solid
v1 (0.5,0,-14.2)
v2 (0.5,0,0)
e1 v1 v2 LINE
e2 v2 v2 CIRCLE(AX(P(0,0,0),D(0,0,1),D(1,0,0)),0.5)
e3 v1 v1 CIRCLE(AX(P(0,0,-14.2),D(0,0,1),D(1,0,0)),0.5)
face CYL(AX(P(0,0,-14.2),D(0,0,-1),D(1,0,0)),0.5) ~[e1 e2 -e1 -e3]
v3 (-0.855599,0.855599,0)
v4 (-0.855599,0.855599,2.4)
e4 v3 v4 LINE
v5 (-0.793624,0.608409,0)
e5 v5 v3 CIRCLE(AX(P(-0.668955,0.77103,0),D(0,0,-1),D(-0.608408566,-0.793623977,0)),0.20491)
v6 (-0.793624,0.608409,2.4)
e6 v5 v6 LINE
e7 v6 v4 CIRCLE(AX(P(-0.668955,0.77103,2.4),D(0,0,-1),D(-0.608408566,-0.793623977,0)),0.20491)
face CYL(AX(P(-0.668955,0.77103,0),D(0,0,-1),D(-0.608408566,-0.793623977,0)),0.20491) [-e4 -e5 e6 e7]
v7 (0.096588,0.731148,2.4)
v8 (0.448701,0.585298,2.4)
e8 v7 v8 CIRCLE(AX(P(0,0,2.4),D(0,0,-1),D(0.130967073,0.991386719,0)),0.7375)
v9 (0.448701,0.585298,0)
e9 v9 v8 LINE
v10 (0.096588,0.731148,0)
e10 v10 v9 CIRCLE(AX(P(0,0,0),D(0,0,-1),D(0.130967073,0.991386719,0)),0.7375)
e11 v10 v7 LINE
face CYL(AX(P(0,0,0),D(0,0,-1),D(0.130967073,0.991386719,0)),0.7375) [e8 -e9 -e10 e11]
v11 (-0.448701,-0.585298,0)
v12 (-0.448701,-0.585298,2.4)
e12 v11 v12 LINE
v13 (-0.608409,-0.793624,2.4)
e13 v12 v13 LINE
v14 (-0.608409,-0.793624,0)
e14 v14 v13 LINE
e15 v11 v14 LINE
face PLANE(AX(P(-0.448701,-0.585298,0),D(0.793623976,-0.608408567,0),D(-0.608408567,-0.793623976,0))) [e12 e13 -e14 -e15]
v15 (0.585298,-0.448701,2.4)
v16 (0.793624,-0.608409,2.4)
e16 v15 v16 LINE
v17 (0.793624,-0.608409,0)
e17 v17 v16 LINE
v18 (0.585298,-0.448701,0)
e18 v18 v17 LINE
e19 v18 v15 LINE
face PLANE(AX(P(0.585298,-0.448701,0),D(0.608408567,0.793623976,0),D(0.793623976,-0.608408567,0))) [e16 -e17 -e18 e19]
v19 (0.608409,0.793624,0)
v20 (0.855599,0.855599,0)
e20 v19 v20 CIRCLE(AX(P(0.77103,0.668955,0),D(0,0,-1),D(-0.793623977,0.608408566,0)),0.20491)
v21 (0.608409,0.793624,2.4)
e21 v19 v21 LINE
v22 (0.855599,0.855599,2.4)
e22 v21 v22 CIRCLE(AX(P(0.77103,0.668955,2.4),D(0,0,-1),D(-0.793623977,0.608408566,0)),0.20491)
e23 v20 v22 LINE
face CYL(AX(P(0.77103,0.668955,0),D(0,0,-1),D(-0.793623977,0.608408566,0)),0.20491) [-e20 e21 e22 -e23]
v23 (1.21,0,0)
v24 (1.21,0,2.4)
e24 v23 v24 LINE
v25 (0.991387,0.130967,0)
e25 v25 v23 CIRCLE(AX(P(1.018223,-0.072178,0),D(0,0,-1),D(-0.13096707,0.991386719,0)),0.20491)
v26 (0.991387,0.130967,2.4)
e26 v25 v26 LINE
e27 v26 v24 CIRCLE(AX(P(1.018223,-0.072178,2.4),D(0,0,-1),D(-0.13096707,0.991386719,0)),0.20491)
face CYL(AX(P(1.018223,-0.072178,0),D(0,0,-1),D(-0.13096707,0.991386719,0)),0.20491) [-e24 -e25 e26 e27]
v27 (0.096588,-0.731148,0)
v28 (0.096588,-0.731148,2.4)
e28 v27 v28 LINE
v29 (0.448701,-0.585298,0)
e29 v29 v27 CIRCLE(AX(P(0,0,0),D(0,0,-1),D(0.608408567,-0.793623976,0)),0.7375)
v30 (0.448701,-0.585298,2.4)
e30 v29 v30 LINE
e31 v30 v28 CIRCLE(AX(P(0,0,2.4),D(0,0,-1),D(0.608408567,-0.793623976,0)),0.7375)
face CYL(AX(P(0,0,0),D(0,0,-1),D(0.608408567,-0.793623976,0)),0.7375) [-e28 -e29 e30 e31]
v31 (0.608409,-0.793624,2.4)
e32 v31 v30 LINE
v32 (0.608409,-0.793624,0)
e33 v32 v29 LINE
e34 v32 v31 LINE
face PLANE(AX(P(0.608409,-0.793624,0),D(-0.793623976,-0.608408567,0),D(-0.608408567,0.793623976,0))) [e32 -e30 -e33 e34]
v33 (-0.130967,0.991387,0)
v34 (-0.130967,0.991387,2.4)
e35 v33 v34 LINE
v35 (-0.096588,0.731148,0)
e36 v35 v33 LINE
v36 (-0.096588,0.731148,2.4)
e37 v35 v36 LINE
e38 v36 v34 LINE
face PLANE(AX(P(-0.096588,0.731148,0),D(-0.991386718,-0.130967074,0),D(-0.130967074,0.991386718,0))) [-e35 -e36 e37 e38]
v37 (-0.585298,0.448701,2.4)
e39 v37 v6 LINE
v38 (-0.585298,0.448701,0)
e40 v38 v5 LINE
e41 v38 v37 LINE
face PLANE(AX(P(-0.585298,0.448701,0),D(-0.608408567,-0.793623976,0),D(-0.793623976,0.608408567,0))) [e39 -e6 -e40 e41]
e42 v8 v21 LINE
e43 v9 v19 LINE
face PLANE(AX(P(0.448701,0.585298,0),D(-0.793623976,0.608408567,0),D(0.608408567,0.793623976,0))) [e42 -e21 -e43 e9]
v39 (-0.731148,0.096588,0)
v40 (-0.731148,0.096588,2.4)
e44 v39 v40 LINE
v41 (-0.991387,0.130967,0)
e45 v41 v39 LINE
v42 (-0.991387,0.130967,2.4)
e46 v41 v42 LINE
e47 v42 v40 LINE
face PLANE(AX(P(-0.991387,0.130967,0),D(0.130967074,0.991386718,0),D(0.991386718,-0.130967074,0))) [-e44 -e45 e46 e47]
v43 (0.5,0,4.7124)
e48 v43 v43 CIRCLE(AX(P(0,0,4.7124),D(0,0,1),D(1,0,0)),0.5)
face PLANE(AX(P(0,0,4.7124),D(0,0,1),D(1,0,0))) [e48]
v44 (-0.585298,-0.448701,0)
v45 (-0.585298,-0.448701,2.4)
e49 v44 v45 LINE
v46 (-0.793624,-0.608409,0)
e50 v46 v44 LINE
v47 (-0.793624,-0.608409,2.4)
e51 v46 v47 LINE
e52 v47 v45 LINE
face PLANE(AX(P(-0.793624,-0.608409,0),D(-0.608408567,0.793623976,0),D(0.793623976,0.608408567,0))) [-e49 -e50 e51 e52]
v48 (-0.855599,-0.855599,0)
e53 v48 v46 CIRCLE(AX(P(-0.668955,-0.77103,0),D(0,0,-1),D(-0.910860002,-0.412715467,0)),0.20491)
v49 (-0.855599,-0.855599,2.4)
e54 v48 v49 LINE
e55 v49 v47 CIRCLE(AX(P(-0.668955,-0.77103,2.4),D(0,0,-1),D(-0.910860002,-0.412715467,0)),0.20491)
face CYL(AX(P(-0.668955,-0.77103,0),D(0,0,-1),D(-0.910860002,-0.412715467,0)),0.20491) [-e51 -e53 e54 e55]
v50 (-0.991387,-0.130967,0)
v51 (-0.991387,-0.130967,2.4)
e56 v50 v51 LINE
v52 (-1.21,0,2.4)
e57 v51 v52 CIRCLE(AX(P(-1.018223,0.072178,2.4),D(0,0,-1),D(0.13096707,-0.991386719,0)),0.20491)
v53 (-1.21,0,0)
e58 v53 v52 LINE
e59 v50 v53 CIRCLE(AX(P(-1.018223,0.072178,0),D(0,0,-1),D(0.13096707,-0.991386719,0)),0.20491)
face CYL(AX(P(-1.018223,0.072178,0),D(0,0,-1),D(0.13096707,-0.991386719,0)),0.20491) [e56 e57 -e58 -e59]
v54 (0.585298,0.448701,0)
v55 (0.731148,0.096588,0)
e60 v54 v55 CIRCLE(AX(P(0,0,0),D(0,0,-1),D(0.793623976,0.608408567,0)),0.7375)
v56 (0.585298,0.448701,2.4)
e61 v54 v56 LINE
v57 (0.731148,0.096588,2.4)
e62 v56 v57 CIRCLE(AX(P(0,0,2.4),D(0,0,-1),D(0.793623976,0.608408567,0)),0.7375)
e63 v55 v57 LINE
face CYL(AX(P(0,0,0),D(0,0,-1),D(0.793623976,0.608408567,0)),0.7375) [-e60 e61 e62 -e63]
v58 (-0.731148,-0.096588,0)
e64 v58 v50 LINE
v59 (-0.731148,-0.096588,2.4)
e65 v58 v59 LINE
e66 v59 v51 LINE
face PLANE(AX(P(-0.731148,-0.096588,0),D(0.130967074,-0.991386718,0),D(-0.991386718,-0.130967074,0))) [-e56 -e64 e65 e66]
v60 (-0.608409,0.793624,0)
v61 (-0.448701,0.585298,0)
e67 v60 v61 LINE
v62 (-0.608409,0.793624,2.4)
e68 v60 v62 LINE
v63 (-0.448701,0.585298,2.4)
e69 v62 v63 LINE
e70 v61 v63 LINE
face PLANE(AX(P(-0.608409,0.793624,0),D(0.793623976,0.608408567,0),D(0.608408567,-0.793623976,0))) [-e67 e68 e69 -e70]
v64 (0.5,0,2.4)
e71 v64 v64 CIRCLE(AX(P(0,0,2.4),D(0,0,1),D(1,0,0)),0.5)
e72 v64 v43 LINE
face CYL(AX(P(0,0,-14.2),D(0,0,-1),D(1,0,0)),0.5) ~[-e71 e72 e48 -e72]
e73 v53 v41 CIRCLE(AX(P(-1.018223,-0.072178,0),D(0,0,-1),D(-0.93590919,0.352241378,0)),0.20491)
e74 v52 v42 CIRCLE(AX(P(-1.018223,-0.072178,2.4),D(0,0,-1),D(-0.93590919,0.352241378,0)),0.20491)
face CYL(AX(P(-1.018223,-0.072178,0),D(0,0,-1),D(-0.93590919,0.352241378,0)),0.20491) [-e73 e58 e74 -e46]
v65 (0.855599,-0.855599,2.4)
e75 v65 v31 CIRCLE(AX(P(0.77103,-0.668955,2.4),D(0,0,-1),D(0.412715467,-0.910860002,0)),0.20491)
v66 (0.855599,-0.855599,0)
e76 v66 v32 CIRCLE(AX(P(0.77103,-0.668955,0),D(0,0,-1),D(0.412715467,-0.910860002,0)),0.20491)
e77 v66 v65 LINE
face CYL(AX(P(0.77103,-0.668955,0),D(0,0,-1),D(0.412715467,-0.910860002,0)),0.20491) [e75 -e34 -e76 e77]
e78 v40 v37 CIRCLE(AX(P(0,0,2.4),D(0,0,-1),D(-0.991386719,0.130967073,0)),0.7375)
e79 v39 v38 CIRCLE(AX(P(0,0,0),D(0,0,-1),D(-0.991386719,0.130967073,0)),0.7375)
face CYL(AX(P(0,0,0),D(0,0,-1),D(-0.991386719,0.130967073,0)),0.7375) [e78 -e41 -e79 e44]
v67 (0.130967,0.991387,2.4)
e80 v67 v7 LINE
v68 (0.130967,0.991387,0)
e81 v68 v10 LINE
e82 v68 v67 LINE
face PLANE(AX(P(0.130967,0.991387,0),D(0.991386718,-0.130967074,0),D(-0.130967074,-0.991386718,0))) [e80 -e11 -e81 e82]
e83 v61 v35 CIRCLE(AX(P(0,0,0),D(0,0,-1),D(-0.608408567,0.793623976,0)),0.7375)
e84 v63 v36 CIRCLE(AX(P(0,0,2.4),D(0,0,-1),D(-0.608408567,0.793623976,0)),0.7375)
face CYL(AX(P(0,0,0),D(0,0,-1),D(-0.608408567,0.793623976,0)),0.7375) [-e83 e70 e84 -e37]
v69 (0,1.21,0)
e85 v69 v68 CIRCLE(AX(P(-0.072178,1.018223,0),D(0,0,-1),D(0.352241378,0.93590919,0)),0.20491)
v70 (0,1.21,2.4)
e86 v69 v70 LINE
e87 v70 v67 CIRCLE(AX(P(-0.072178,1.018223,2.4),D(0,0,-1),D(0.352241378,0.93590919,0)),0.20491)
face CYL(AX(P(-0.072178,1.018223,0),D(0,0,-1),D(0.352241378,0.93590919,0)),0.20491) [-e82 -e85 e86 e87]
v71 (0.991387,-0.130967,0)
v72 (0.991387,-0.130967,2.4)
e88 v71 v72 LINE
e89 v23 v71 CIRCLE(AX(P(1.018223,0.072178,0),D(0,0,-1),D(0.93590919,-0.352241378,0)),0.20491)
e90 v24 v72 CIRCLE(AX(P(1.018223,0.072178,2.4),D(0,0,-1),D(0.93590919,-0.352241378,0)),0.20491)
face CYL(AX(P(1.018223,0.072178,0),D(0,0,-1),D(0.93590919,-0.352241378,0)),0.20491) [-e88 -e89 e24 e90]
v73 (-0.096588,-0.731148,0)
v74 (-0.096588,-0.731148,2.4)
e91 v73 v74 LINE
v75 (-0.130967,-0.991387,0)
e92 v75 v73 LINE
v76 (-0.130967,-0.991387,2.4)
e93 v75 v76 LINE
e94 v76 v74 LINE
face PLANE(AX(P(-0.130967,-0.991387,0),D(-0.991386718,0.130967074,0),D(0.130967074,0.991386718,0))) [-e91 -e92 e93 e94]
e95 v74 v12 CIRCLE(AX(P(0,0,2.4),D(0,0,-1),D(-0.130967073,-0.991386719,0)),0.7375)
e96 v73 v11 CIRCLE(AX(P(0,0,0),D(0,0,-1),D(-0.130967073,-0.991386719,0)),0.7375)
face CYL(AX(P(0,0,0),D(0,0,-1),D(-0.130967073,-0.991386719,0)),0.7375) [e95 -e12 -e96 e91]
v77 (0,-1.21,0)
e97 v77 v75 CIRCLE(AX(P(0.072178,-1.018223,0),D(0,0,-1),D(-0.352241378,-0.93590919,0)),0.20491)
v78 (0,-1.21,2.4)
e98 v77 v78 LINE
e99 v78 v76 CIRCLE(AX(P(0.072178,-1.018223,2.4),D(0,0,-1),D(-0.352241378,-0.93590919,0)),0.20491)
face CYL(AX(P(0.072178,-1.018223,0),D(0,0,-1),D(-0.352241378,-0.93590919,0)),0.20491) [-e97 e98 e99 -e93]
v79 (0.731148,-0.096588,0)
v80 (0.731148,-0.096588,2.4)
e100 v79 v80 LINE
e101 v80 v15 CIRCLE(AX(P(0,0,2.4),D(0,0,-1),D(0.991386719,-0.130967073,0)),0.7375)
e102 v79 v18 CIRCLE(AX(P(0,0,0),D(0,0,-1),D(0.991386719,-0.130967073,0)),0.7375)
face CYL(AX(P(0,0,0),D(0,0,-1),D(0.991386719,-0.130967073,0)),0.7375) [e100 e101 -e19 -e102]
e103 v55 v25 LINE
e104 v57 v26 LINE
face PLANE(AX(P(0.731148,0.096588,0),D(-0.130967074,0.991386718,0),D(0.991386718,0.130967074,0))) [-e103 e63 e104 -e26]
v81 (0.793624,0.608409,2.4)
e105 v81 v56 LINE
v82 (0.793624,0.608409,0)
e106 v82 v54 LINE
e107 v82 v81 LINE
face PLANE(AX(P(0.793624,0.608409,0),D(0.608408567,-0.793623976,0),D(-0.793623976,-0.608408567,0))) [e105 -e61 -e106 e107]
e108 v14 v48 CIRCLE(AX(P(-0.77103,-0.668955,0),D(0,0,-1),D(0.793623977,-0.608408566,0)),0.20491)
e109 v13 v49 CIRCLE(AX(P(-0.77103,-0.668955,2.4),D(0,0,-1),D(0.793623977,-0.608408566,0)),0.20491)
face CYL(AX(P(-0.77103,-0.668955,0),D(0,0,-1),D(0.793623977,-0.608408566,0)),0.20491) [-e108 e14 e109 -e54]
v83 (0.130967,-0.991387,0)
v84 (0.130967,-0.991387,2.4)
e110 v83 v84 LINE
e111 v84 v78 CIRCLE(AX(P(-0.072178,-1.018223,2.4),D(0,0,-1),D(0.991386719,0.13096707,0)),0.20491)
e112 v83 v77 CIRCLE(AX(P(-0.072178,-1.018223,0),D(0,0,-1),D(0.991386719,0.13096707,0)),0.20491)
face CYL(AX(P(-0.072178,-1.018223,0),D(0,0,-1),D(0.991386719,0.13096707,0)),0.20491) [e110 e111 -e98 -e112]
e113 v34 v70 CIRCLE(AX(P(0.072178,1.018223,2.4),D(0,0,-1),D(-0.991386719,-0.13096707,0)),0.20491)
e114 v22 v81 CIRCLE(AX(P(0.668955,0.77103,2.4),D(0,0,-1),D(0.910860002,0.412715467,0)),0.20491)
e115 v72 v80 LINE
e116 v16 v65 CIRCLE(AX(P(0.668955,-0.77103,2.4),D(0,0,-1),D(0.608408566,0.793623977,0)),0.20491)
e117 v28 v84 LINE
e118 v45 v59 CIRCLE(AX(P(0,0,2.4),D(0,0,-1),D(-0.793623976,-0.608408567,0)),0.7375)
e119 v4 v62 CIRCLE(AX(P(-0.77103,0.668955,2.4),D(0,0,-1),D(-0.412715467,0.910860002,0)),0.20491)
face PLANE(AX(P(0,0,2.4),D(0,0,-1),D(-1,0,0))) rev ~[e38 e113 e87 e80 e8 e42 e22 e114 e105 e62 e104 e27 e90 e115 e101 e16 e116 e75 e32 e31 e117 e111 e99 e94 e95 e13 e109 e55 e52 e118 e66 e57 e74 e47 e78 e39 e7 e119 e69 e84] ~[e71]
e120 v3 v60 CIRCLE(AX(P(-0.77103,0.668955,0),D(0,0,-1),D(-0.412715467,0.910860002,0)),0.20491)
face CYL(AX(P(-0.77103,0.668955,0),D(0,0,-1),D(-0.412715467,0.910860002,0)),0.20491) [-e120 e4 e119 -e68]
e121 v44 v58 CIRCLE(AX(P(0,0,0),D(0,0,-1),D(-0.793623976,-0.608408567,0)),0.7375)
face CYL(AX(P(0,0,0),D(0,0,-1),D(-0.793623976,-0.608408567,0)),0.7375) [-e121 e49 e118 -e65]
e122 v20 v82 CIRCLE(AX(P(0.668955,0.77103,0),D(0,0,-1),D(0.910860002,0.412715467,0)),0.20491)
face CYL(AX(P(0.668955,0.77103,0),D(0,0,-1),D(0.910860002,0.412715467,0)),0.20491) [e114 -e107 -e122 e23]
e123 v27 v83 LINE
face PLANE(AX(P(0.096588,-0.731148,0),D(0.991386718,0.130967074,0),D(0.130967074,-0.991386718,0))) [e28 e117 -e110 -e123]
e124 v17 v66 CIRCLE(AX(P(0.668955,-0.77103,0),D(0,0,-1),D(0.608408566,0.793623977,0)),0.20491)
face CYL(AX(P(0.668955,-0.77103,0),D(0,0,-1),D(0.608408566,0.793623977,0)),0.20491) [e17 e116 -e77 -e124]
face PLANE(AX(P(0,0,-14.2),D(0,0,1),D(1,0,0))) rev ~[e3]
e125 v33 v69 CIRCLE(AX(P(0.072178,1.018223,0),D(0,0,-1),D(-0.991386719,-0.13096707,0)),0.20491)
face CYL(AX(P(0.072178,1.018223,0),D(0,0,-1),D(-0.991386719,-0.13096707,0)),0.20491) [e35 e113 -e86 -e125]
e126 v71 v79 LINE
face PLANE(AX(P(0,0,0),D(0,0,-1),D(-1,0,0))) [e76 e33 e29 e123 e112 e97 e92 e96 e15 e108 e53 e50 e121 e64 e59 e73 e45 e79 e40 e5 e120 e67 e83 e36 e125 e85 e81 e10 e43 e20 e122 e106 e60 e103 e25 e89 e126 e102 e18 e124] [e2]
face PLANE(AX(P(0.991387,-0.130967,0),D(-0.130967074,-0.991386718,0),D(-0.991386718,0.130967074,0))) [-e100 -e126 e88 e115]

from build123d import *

# Parameters (mm, degrees)
SKETCH1_R                = 0.5
BOSS_EXTRUDE1_DEPTH      = 2.4
BOSS_EXTRUDE3_DEPTH      = 4.7124
BOSS_EXTRUDE3_DEPTH_BACK = 14.2
SKETCH1_3_R              = 0.5


with BuildPart() as part:
    # Sketch1 → Boss-Extrude1 (new body)
    with BuildSketch(Plane.XY):
        with BuildLine():
            Line((-0.096588215, 0.731147705), (-0.130967072, 0.991386719))
            ThreePointArc((-0.130967072, 0.991386719), (-0.103602162, 1.123529505), (0, 1.21))
            ThreePointArc((0, 1.21), (0.103602162, 1.123529505), (0.130967072, 0.991386719))
            Line((0.130967072, 0.991386719), (0.096588215, 0.731147705))
            ThreePointArc((0.096588215, 0.731147705), (0.282229031, 0.681361155), (0.448701318, 0.585297682))
            Line((0.448701318, 0.585297682), (0.608408567, 0.793623976))
            ThreePointArc((0.608408567, 0.793623976), (0.721197541, 0.867713123), (0.855599205, 0.855599205))
            ThreePointArc((0.855599205, 0.855599205), (0.867713123, 0.721197541), (0.793623976, 0.608408567))
            Line((0.793623976, 0.608408567), (0.585297682, 0.448701318))
            ThreePointArc((0.585297682, 0.448701318), (0.681361155, 0.282229031), (0.731147705, 0.096588215))
            Line((0.731147705, 0.096588215), (0.991386719, 0.130967072))
            ThreePointArc((0.991386719, 0.130967072), (1.123529505, 0.103602162), (1.21, 0))
            ThreePointArc((1.21, 0), (1.123529505, -0.103602162), (0.991386719, -0.130967072))
            Line((0.991386719, -0.130967072), (0.731147705, -0.096588215))
            ThreePointArc((0.731147705, -0.096588215), (0.681361155, -0.282229031), (0.585297682, -0.448701318))
            Line((0.585297682, -0.448701318), (0.793623976, -0.608408567))
            ThreePointArc((0.793623976, -0.608408567), (0.867713123, -0.721197541), (0.855599205, -0.855599205))
            ThreePointArc((0.855599205, -0.855599205), (0.721197541, -0.867713123), (0.608408567, -0.793623976))
            Line((0.608408567, -0.793623976), (0.448701318, -0.585297682))
            ThreePointArc((0.448701318, -0.585297682), (0.282229031, -0.681361155), (0.096588215, -0.731147705))
            Line((0.096588215, -0.731147705), (0.130967072, -0.991386719))
            ThreePointArc((0.130967072, -0.991386719), (0.103602162, -1.123529505), (0, -1.21))
            ThreePointArc((0, -1.21), (-0.103602162, -1.123529505), (-0.130967072, -0.991386719))
            Line((-0.130967072, -0.991386719), (-0.096588215, -0.731147705))
            ThreePointArc((-0.096588215, -0.731147705), (-0.282229031, -0.681361155), (-0.448701318, -0.585297682))
            Line((-0.448701318, -0.585297682), (-0.608408567, -0.793623976))
            ThreePointArc((-0.608408567, -0.793623976), (-0.721197541, -0.867713123), (-0.855599205, -0.855599205))
            ThreePointArc((-0.855599205, -0.855599205), (-0.867713123, -0.721197541), (-0.793623976, -0.608408567))
            Line((-0.793623976, -0.608408567), (-0.585297682, -0.448701318))
            ThreePointArc((-0.585297682, -0.448701318), (-0.681361155, -0.282229031), (-0.731147705, -0.096588215))
            Line((-0.731147705, -0.096588215), (-0.991386719, -0.130967072))
            ThreePointArc((-0.991386719, -0.130967072), (-1.123529505, -0.103602162), (-1.21, 0))
            ThreePointArc((-1.21, 0), (-1.123529505, 0.103602162), (-0.991386719, 0.130967072))
            Line((-0.991386719, 0.130967072), (-0.731147705, 0.096588215))
            ThreePointArc((-0.731147705, 0.096588215), (-0.681361155, 0.282229031), (-0.585297682, 0.448701318))
            Line((-0.585297682, 0.448701318), (-0.793623976, 0.608408567))
            ThreePointArc((-0.793623976, 0.608408567), (-0.867713123, 0.721197541), (-0.855599205, 0.855599205))
            ThreePointArc((-0.855599205, 0.855599205), (-0.721197541, 0.867713123), (-0.608408567, 0.793623976))
            Line((-0.608408567, 0.793623976), (-0.448701318, 0.585297682))
            ThreePointArc((-0.448701318, 0.585297682), (-0.282229031, 0.681361155), (-0.096588215, 0.731147705))
        make_face()
        Circle(SKETCH1_R, mode=Mode.SUBTRACT)
    extrude(amount=BOSS_EXTRUDE1_DEPTH)

    # Sketch1<3> → Boss-Extrude3 (add, two sides: drawn at the far end of the back side and taken through both)
    with BuildSketch(Plane.XY.offset(-BOSS_EXTRUDE3_DEPTH_BACK)):
        Circle(SKETCH1_3_R)
    extrude(amount=BOSS_EXTRUDE3_DEPTH + BOSS_EXTRUDE3_DEPTH_BACK)


solid = part.part
